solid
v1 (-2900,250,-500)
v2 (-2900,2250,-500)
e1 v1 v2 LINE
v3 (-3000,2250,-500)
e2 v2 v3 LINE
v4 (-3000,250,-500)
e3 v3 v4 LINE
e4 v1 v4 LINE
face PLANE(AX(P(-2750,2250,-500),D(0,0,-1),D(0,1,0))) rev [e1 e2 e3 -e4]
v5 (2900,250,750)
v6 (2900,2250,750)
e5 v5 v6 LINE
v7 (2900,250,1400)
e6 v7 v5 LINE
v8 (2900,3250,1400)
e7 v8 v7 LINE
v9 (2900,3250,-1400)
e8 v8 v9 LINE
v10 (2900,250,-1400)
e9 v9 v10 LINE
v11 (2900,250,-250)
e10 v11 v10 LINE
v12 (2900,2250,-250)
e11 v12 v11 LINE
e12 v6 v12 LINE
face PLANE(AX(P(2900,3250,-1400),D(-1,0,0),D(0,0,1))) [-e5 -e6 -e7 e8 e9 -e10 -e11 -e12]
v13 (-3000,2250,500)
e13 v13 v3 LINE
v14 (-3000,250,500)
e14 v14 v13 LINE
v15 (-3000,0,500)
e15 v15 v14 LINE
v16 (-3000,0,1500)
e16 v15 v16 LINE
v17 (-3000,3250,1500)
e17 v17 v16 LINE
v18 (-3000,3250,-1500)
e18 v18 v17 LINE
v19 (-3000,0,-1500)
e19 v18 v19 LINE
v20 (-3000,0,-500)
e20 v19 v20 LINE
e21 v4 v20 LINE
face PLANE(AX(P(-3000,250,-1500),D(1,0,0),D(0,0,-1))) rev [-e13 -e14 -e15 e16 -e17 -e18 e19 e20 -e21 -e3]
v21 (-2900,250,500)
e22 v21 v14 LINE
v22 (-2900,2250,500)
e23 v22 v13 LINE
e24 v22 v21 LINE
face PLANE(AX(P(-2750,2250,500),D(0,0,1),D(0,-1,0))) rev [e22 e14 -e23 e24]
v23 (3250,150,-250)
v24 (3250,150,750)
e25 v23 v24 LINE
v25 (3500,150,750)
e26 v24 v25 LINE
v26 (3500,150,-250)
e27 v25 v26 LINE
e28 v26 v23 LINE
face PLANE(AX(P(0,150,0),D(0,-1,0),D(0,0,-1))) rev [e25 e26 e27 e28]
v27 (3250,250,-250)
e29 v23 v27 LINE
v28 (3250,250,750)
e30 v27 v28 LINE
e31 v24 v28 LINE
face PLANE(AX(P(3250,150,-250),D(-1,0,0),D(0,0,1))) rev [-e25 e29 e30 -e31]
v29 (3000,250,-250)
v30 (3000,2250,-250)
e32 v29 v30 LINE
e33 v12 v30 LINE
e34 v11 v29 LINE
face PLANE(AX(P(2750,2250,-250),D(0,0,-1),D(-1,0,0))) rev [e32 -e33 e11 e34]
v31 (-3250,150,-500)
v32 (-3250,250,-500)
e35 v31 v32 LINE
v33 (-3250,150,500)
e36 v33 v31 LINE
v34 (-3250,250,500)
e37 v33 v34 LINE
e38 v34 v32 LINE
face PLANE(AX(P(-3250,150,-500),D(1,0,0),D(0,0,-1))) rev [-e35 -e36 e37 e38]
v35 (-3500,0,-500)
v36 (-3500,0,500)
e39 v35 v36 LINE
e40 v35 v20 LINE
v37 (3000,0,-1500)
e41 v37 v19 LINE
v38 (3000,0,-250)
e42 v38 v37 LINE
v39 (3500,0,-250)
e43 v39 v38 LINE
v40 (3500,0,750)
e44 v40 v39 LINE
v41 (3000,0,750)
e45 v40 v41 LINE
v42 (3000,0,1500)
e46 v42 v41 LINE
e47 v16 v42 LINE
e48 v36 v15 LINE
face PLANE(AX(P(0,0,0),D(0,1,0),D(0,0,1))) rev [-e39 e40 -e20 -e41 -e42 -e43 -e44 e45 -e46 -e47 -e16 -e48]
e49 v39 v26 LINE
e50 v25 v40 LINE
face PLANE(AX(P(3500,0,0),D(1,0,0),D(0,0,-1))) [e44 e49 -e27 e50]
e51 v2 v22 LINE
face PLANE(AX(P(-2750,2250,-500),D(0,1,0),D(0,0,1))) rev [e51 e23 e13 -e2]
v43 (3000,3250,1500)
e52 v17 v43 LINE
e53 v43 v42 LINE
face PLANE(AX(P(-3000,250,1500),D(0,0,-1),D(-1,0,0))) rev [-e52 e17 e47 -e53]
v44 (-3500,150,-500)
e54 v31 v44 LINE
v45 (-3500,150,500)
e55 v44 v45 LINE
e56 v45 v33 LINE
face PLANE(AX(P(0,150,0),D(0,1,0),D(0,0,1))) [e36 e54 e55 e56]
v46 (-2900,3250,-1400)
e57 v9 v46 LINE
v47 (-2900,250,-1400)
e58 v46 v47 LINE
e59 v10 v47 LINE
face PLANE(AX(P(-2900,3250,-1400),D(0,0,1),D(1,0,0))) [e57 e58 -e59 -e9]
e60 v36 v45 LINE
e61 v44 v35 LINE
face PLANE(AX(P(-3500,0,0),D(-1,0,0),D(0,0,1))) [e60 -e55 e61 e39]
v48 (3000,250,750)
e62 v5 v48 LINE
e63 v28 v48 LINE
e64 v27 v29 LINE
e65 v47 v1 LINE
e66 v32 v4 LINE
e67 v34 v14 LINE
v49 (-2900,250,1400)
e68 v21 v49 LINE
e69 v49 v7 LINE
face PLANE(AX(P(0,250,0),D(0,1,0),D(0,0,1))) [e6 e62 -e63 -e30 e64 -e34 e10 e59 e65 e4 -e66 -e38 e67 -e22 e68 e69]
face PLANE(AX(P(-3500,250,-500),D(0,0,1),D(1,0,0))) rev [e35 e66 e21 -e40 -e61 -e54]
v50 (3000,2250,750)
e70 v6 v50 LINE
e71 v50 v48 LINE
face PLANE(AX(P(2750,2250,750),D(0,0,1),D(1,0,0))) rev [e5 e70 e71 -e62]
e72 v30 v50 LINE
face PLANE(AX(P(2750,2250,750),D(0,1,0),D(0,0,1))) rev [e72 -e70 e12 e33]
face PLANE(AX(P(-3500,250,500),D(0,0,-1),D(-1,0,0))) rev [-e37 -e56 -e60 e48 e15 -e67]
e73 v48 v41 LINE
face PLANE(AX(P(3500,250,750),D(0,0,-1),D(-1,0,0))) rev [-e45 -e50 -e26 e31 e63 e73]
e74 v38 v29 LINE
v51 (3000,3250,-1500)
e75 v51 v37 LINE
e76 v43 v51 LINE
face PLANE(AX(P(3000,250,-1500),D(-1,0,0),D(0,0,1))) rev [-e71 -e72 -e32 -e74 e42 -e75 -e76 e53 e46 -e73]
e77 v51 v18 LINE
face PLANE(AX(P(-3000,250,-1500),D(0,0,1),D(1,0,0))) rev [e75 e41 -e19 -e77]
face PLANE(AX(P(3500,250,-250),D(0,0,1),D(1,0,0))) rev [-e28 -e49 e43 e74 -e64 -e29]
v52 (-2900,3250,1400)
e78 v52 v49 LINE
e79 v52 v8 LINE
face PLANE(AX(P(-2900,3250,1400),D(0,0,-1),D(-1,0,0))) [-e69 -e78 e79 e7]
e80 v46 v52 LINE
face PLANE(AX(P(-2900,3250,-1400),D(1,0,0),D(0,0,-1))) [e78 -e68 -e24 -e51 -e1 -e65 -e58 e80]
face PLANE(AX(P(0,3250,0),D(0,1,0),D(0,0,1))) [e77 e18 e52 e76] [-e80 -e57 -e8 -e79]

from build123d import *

# Parameters (mm, degrees)
SKETCH1_W           = 6000
SKETCH1_H           = 3000
BOSS_EXTRUDE1_DEPTH = 250
SKETCH2_W           = 6000
SKETCH2_H           = 3000
SKETCH2_W_2         = 5800
SKETCH2_H_2         = 2800
BOSS_EXTRUDE2_DEPTH = 3000
SKETCH3_W           = 1000
SKETCH3_H           = 2000
CUT_EXTRUDE1_DEPTH  = 250
SKETCH4_W           = 1000
SKETCH4_H           = 2000
CUT_EXTRUDE2_DEPTH  = 250
SKETCH6_W           = 1000
SKETCH6_H           = 250
BOSS_EXTRUDE4_DEPTH = 500
SKETCH7_W           = 1000
SKETCH7_H           = 250
BOSS_EXTRUDE5_DEPTH = 500
SKETCH8_W           = 250
SKETCH8_H           = 1000
CUT_EXTRUDE4_DEPTH  = 100
SKETCH9_W           = 250
SKETCH9_H           = 1000
CUT_EXTRUDE5_DEPTH  = 100


with BuildPart() as part:
    # Sketch1 → Boss-Extrude1 (new body)
    with BuildSketch(Plane(origin=(0, 0, 0), x_dir=(1, 0, 0), z_dir=(0, 1, 0))):
        Rectangle(SKETCH1_W, SKETCH1_H)
    extrude(amount=BOSS_EXTRUDE1_DEPTH)

    # Sketch2 → Boss-Extrude2 (add)
    with BuildSketch(Plane(origin=(0, 250, 0), x_dir=(1, 0, 0), z_dir=(0, 1, 0))):
        Rectangle(SKETCH2_W, SKETCH2_H)
        Rectangle(SKETCH2_W_2, SKETCH2_H_2, mode=Mode.SUBTRACT)
    extrude(amount=BOSS_EXTRUDE2_DEPTH)

    # Sketch3 → Cut-Extrude1 (cut)
    with BuildSketch(Plane.ZY.offset(3000)):
        with Locations((0, 1250)):
            Rectangle(SKETCH3_W, SKETCH3_H)
    extrude(amount=-CUT_EXTRUDE1_DEPTH, mode=Mode.SUBTRACT)

    # Sketch4 → Cut-Extrude2 (cut)
    with BuildSketch(Plane(origin=(3000, 0, 0), x_dir=(0, 0, -1), z_dir=(1, 0, 0))):
        with Locations((-250, 1250)):
            Rectangle(SKETCH4_W, SKETCH4_H)
    extrude(amount=-CUT_EXTRUDE2_DEPTH, mode=Mode.SUBTRACT)

    # Sketch6 → Boss-Extrude4 (add)
    with BuildSketch(Plane(origin=(3000, 0, 0), x_dir=(0, 0, -1), z_dir=(1, 0, 0))):
        with Locations((-250, 125)):
            Rectangle(SKETCH6_W, SKETCH6_H)
    extrude(amount=BOSS_EXTRUDE4_DEPTH)

    # Sketch7 → Boss-Extrude5 (add)
    with BuildSketch(Plane.ZY.offset(3000)):
        with Locations((0, 125)):
            Rectangle(SKETCH7_W, SKETCH7_H)
    extrude(amount=BOSS_EXTRUDE5_DEPTH)

    # Sketch8 → Cut-Extrude4 (cut)
    with BuildSketch(Plane(origin=(0, 250, 0), x_dir=(1, 0, 0), z_dir=(0, 1, 0))):
        with Locations((3375, -250)):
            Rectangle(SKETCH8_W, SKETCH8_H)
    extrude(amount=-CUT_EXTRUDE4_DEPTH, mode=Mode.SUBTRACT)

    # Sketch9 → Cut-Extrude5 (cut)
    with BuildSketch(Plane(origin=(0, 250, 0), x_dir=(1, 0, 0), z_dir=(0, 1, 0))):
        with Locations((-3375, 0)):
            Rectangle(SKETCH9_W, SKETCH9_H)
    extrude(amount=-CUT_EXTRUDE5_DEPTH, mode=Mode.SUBTRACT)


solid = part.part
